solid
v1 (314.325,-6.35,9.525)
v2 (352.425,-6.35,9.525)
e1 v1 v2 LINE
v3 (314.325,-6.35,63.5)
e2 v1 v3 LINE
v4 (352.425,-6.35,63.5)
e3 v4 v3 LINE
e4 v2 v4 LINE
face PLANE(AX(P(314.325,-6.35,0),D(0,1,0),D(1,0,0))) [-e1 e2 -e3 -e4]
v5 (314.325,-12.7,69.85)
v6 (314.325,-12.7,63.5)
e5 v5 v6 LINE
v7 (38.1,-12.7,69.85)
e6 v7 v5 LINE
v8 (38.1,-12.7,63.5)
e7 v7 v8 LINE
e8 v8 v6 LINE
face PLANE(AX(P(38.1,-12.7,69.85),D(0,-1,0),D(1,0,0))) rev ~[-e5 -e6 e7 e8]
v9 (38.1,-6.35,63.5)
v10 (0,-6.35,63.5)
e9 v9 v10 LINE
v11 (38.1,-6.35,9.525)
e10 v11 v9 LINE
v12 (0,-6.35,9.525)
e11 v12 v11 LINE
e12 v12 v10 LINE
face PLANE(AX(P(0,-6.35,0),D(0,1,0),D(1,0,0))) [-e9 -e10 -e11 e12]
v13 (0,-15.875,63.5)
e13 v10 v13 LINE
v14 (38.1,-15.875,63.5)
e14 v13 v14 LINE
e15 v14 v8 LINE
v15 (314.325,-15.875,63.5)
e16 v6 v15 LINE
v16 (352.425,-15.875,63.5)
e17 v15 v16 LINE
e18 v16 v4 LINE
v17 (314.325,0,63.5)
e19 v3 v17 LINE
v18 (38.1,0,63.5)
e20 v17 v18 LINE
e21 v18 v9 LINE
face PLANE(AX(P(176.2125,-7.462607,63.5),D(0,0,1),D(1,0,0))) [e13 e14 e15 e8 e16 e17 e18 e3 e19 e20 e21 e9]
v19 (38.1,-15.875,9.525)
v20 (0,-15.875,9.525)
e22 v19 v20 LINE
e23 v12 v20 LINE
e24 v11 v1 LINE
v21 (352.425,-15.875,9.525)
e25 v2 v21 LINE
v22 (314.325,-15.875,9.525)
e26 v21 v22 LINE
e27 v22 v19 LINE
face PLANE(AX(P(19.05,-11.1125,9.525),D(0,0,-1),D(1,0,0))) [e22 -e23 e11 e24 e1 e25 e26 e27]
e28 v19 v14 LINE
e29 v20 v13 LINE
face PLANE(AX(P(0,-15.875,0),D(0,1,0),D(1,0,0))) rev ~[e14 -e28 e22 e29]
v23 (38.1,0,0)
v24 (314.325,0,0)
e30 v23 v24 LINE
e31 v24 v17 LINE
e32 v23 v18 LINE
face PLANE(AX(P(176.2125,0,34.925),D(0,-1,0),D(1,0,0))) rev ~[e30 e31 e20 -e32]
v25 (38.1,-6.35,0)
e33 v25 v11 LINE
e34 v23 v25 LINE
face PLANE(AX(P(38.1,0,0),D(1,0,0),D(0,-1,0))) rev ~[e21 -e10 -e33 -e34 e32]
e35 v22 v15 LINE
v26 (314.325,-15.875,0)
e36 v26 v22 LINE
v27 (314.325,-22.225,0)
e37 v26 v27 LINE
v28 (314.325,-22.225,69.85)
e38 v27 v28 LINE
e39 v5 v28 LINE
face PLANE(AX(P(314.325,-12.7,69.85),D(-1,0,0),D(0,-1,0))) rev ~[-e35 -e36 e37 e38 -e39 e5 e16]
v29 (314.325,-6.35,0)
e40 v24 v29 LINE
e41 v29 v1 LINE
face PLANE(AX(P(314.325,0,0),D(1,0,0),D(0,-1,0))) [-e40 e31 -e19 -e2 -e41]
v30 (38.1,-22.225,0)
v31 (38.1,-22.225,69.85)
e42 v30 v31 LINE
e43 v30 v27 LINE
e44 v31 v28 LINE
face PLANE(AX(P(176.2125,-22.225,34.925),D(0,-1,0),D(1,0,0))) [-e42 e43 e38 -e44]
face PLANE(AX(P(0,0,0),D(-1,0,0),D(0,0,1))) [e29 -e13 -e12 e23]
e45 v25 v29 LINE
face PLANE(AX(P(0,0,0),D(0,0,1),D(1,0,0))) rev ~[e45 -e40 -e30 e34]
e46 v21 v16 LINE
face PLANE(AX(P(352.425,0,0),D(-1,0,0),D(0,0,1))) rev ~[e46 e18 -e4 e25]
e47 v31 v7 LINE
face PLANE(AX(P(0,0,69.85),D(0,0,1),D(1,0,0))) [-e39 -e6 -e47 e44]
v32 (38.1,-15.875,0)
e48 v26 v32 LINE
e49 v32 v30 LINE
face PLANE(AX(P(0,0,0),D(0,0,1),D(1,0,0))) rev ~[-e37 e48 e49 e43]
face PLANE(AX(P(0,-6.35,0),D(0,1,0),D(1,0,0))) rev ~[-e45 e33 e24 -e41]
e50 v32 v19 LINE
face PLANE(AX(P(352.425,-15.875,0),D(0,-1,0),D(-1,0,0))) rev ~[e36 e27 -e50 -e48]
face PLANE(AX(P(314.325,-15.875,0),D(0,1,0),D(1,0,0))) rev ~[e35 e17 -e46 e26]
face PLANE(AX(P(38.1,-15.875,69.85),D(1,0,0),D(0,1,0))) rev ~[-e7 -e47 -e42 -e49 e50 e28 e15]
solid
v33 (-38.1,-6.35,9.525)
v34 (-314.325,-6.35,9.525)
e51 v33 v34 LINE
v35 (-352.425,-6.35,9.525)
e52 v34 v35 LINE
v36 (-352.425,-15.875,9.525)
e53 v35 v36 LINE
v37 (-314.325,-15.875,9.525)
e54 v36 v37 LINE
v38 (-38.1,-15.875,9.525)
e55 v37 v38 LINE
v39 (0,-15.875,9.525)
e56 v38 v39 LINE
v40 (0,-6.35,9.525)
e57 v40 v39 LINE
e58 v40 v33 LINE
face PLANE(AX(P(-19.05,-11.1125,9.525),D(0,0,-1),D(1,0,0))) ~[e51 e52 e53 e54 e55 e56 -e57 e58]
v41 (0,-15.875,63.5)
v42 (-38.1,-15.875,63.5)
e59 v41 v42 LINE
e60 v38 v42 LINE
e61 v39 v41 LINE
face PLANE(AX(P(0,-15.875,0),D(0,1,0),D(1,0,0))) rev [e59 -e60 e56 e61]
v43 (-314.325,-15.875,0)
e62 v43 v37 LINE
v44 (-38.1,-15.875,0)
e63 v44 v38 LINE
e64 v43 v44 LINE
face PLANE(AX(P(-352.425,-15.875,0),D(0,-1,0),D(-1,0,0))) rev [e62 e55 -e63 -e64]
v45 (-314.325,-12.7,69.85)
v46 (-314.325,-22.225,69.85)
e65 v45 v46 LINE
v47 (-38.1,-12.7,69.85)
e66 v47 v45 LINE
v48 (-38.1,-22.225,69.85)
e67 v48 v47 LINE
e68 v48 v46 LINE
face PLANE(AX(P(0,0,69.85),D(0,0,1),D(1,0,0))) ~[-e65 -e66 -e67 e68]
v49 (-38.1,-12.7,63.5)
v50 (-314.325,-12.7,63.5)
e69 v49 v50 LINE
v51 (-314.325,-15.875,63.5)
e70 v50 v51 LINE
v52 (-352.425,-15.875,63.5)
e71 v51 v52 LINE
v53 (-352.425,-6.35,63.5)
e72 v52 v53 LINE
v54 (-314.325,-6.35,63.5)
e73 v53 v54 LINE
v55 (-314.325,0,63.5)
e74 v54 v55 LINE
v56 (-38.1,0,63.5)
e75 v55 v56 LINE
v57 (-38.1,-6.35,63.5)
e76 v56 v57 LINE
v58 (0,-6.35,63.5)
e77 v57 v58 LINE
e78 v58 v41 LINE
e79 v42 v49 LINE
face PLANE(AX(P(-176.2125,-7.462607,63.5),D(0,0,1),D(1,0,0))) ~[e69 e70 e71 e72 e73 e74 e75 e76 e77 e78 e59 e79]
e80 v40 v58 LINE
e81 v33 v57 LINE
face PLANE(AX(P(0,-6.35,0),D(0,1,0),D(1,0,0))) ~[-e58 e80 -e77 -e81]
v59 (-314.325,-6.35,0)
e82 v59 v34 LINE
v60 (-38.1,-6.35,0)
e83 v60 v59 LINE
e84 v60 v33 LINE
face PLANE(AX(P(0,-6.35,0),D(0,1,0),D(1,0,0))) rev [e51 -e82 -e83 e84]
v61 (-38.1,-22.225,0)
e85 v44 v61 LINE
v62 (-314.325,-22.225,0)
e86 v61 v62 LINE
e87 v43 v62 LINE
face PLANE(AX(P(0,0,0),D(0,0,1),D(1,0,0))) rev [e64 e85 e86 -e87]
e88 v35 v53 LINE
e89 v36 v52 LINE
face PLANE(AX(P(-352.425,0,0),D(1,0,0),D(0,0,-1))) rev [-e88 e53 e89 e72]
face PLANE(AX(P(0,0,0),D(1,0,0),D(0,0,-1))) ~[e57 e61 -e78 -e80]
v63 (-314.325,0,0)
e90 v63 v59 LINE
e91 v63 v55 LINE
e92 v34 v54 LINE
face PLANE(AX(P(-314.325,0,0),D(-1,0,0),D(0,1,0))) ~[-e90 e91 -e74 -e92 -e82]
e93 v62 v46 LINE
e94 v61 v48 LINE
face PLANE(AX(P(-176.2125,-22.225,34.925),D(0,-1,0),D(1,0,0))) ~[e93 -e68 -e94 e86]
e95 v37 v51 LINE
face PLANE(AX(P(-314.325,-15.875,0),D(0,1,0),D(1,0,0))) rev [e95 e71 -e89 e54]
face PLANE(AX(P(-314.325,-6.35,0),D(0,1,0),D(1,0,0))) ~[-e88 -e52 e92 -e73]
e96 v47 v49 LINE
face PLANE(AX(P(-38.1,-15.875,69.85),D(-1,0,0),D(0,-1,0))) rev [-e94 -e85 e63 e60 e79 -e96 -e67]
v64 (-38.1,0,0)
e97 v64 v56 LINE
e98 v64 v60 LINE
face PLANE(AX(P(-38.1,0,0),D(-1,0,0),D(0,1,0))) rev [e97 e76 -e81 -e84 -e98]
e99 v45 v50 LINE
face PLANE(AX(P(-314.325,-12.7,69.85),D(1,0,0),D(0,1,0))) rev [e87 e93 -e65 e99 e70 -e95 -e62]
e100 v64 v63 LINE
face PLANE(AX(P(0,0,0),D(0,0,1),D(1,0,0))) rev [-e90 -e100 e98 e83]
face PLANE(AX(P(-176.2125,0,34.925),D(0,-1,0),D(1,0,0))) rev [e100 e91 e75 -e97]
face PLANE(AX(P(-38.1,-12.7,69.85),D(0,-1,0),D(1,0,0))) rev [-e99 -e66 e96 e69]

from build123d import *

# Parameters (mm, degrees)
F0_W     = 352.425
F0_H     = 69.85
F1_DEPTH = 22.225
F2_W     = 38.1
F2_H     = 6.35
F3_DEPTH = 69.85
F2_H_2   = 9.525
F2_W_2   = 276.225
F4_DEPTH = 9.525
F6_DEPTH = 6.35


with BuildPart() as f1:
    # F0 (on Front) → F1 (new body)
    with BuildSketch(Plane.XZ):
        with Locations((176.2125, 34.925)):
            Rectangle(F0_W, F0_H)
    extrude(amount=F1_DEPTH)

    # F2 (on face) → F3 (cut, through all)
    with BuildSketch(Plane(origin=(0, 0, 0), x_dir=(1, 0, 0), z_dir=(0, 0, -1))):
        with Locations((19.05, 19.05)):
            Rectangle(F2_W, F2_H)
        with Locations((19.05, 3.175)):
            Rectangle(F2_W, F2_H)
        with Locations((333.375, 19.05)):
            Rectangle(F2_W, F2_H)
        with Locations((333.375, 3.175)):
            Rectangle(F2_W, F2_H)
    extrude(amount=-F3_DEPTH, mode=Mode.SUBTRACT)

    # F2 (on face) → F4 (cut)
    with BuildSketch(Plane(origin=(0, 0, 0), x_dir=(1, 0, 0), z_dir=(0, 0, -1))):
        with Locations((19.05, 11.1125)):
            Rectangle(F2_W, F2_H_2)
        with Locations((176.2125, 11.1125)):
            Rectangle(F2_W_2, F2_H_2)
        with Locations((333.375, 11.1125)):
            Rectangle(F2_W, F2_H_2)
    extrude(amount=-F4_DEPTH, mode=Mode.SUBTRACT)

    # F5 (on face) → F6 (cut)
    with BuildSketch(Plane.XY.offset(69.85)):
        Polygon((314.325, 0), (38.1, 0), (38.1, -6.35), (0, -6.35), (0, -15.875), (38.1, -15.875), (38.1, -12.7), (314.325, -12.7), (314.325, -15.875), (352.425, -15.875), (352.425, -6.35), (314.325, -6.35), align=None)
    extrude(amount=-F6_DEPTH, mode=Mode.SUBTRACT)


with BuildPart() as f7_1:
    # F7: instance of F1
    add(f1.part.mirror(Plane.YZ))


solid = Compound([f1.part, f7_1.part])
